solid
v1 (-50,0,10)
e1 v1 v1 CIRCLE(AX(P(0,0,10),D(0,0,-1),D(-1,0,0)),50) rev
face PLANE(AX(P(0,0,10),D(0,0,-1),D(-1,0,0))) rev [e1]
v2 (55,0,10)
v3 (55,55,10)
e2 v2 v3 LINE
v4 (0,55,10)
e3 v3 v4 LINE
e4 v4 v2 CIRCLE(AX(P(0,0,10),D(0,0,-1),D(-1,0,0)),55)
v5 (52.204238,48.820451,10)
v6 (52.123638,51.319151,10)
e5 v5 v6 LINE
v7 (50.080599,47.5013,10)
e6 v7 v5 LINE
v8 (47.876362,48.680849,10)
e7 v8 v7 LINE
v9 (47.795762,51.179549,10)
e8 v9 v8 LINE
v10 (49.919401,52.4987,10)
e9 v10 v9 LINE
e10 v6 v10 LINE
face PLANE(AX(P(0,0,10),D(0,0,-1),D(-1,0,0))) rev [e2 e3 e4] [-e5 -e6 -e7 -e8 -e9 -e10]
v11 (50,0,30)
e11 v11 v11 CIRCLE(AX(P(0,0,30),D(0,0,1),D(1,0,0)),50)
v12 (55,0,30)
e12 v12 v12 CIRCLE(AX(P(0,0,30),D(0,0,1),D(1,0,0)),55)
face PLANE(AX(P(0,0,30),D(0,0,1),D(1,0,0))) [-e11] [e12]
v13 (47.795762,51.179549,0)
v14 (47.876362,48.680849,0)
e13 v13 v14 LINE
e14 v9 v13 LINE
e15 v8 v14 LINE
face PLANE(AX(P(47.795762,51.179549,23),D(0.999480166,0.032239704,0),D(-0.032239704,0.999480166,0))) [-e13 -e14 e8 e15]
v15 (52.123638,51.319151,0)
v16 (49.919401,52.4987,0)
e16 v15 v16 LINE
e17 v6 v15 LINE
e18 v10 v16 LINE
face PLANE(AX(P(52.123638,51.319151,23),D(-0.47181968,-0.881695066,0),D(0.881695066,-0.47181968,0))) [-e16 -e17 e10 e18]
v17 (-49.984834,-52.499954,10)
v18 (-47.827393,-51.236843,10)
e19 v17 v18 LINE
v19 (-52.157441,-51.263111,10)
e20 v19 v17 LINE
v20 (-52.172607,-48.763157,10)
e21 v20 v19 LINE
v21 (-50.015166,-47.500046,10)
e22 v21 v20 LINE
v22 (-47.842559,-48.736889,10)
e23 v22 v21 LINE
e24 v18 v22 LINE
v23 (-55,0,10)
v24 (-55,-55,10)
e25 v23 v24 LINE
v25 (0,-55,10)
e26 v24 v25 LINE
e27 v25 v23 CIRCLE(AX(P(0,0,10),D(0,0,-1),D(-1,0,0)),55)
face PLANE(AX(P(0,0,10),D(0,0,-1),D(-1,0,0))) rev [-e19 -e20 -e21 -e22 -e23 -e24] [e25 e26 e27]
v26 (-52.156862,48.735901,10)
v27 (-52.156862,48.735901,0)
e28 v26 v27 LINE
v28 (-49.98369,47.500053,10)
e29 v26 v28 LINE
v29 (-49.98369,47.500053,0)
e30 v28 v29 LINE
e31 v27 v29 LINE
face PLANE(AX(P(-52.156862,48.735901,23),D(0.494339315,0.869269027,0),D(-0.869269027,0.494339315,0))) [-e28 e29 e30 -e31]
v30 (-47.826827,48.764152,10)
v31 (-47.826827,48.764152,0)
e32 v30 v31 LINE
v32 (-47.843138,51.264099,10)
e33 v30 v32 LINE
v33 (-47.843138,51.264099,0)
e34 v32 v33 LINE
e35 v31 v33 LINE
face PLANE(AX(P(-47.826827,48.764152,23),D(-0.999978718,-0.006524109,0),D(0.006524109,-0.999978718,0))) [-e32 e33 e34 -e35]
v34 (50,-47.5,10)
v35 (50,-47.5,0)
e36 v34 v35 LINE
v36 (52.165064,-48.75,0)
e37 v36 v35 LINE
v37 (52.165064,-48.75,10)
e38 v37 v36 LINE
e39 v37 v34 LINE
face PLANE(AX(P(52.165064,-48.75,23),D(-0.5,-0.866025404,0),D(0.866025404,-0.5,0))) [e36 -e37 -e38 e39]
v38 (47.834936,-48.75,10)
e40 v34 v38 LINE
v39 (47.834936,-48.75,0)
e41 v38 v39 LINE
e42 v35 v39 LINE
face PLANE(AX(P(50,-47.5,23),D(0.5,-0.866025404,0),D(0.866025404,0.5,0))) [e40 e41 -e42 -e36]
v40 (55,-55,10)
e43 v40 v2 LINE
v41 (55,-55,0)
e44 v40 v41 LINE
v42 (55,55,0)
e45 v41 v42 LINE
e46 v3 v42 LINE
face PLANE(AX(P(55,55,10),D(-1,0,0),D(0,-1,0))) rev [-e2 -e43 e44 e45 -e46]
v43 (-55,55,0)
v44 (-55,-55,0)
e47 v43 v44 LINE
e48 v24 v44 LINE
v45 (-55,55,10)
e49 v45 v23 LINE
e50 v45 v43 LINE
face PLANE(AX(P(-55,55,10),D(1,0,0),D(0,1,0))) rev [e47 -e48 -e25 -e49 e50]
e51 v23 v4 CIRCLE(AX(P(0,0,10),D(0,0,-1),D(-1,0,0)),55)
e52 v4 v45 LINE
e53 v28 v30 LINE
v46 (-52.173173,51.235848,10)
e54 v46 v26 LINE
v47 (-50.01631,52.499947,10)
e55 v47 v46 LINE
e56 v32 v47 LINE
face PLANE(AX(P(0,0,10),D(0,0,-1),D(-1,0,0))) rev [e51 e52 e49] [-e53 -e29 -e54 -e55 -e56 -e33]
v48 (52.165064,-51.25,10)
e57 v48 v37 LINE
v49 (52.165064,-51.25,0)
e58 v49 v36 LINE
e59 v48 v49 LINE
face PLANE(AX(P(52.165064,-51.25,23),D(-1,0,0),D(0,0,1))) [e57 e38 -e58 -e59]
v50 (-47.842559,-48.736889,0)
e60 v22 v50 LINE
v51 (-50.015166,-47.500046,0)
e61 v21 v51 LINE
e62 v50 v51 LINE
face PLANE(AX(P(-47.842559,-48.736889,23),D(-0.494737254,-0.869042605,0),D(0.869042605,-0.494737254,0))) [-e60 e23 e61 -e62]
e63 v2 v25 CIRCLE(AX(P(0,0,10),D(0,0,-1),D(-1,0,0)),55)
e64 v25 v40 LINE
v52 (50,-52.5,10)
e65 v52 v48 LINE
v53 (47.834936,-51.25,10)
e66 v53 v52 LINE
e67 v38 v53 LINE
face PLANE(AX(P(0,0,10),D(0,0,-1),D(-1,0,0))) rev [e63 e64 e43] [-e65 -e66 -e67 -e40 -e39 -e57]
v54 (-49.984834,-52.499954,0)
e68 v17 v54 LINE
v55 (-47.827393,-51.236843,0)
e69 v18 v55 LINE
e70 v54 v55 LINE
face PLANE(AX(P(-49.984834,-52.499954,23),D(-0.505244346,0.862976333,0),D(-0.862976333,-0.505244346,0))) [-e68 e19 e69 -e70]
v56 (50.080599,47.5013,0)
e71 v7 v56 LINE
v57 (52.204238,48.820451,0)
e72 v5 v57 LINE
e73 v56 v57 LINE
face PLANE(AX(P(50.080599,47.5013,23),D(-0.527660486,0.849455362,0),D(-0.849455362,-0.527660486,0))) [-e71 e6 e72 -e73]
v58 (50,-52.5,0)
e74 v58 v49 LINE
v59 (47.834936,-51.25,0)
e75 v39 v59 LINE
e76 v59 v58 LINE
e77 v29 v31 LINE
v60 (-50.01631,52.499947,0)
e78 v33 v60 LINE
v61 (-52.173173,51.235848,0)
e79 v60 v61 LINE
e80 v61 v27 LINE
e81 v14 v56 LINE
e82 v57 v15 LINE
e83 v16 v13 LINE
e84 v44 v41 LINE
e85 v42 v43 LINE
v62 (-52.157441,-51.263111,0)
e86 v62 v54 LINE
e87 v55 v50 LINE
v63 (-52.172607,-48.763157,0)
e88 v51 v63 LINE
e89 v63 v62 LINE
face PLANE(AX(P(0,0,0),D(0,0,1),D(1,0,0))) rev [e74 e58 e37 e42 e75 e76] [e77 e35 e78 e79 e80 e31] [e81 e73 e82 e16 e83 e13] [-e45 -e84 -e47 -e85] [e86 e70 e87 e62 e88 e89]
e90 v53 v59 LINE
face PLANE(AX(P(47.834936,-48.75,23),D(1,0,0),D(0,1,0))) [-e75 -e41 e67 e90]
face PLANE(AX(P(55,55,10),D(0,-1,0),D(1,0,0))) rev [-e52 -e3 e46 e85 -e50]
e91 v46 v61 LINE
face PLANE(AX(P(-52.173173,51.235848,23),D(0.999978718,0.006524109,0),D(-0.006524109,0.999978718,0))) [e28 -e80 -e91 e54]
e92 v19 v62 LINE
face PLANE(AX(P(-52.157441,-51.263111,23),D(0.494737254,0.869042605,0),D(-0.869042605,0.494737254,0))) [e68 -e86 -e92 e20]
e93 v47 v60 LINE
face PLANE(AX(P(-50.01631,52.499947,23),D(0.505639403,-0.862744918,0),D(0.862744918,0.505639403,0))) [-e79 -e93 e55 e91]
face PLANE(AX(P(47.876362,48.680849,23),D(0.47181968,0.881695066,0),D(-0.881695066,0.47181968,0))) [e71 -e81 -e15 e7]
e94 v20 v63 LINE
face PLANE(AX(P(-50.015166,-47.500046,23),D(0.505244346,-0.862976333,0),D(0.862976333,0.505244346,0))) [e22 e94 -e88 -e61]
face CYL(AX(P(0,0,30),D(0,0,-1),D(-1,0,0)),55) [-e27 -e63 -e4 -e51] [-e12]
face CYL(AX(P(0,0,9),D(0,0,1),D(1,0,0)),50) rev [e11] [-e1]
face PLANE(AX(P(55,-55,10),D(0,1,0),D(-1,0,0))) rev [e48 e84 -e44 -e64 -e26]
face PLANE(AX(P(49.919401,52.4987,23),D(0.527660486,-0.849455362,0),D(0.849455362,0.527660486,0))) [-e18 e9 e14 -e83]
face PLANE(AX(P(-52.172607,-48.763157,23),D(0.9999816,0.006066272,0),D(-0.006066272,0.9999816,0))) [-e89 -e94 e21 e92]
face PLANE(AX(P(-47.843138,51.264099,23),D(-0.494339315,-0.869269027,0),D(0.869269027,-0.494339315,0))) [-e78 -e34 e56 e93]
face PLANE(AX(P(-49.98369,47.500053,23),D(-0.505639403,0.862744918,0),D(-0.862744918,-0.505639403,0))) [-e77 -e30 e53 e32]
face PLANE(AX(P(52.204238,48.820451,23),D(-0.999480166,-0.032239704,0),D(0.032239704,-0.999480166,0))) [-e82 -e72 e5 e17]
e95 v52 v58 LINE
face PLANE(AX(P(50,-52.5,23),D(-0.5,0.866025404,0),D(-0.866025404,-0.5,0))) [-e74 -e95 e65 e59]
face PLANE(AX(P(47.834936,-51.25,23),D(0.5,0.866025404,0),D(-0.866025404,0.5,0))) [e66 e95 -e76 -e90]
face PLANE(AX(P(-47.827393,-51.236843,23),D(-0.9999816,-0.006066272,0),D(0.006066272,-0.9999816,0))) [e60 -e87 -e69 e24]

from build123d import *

# Parameters (mm, degrees)
SKETCH2_R           = 55
BOSS_EXTRUDE2_DEPTH = 30
SKETCH5_R           = 50
CUT_EXTRUDE2_DEPTH  = 21
SKETCH6_W           = 110
SKETCH6_H           = 110
BOSS_EXTRUDE3_DEPTH = 10
CUT_EXTRUDE5_DEPTH  = 23


with BuildPart() as part:
    # Sketch2 → Boss-Extrude2 (new body)
    with BuildSketch(Plane.XY):
        Circle(SKETCH2_R)
    extrude(amount=BOSS_EXTRUDE2_DEPTH)

    # Sketch5 → Cut-Extrude2 (cut)
    with BuildSketch(Plane.XY.offset(30)):
        Circle(SKETCH5_R)
    extrude(amount=-CUT_EXTRUDE2_DEPTH, mode=Mode.SUBTRACT)

    # Sketch6 → Boss-Extrude3 (add)
    with BuildSketch(Plane.XY):
        Rectangle(SKETCH6_W, SKETCH6_H)
    extrude(amount=BOSS_EXTRUDE3_DEPTH)

    # Sketch7 → Cut-Extrude5 (cut)
    with BuildSketch(Plane.XY):
        Polygon((-47.826827432, 48.764151713), (-47.843137704, 51.264098507), (-50.016310272, 52.499946794), (-52.173172568, 51.235848287), (-52.156862296, 48.735901493), (-49.983689728, 47.500053206), align=None)
        Polygon((50.080599261, 47.501299586), (52.204237665, 48.8204508), (52.123638405, 51.319151214), (49.919400739, 52.498700414), (47.795762335, 51.1795492), (47.876361595, 48.680848786), align=None)
        Polygon((52.165063509, -51.25), (52.165063509, -48.75), (50, -47.5), (47.834936491, -48.75), (47.834936491, -51.25), (50, -52.5), align=None)
        Polygon((-49.98483432, -52.499954), (-47.827393488, -51.236843136), (-47.842559168, -48.736889136), (-50.01516568, -47.500046), (-52.172606512, -48.763156864), (-52.157440832, -51.263110864), align=None)
    extrude(amount=CUT_EXTRUDE5_DEPTH, mode=Mode.SUBTRACT)


solid = part.part
